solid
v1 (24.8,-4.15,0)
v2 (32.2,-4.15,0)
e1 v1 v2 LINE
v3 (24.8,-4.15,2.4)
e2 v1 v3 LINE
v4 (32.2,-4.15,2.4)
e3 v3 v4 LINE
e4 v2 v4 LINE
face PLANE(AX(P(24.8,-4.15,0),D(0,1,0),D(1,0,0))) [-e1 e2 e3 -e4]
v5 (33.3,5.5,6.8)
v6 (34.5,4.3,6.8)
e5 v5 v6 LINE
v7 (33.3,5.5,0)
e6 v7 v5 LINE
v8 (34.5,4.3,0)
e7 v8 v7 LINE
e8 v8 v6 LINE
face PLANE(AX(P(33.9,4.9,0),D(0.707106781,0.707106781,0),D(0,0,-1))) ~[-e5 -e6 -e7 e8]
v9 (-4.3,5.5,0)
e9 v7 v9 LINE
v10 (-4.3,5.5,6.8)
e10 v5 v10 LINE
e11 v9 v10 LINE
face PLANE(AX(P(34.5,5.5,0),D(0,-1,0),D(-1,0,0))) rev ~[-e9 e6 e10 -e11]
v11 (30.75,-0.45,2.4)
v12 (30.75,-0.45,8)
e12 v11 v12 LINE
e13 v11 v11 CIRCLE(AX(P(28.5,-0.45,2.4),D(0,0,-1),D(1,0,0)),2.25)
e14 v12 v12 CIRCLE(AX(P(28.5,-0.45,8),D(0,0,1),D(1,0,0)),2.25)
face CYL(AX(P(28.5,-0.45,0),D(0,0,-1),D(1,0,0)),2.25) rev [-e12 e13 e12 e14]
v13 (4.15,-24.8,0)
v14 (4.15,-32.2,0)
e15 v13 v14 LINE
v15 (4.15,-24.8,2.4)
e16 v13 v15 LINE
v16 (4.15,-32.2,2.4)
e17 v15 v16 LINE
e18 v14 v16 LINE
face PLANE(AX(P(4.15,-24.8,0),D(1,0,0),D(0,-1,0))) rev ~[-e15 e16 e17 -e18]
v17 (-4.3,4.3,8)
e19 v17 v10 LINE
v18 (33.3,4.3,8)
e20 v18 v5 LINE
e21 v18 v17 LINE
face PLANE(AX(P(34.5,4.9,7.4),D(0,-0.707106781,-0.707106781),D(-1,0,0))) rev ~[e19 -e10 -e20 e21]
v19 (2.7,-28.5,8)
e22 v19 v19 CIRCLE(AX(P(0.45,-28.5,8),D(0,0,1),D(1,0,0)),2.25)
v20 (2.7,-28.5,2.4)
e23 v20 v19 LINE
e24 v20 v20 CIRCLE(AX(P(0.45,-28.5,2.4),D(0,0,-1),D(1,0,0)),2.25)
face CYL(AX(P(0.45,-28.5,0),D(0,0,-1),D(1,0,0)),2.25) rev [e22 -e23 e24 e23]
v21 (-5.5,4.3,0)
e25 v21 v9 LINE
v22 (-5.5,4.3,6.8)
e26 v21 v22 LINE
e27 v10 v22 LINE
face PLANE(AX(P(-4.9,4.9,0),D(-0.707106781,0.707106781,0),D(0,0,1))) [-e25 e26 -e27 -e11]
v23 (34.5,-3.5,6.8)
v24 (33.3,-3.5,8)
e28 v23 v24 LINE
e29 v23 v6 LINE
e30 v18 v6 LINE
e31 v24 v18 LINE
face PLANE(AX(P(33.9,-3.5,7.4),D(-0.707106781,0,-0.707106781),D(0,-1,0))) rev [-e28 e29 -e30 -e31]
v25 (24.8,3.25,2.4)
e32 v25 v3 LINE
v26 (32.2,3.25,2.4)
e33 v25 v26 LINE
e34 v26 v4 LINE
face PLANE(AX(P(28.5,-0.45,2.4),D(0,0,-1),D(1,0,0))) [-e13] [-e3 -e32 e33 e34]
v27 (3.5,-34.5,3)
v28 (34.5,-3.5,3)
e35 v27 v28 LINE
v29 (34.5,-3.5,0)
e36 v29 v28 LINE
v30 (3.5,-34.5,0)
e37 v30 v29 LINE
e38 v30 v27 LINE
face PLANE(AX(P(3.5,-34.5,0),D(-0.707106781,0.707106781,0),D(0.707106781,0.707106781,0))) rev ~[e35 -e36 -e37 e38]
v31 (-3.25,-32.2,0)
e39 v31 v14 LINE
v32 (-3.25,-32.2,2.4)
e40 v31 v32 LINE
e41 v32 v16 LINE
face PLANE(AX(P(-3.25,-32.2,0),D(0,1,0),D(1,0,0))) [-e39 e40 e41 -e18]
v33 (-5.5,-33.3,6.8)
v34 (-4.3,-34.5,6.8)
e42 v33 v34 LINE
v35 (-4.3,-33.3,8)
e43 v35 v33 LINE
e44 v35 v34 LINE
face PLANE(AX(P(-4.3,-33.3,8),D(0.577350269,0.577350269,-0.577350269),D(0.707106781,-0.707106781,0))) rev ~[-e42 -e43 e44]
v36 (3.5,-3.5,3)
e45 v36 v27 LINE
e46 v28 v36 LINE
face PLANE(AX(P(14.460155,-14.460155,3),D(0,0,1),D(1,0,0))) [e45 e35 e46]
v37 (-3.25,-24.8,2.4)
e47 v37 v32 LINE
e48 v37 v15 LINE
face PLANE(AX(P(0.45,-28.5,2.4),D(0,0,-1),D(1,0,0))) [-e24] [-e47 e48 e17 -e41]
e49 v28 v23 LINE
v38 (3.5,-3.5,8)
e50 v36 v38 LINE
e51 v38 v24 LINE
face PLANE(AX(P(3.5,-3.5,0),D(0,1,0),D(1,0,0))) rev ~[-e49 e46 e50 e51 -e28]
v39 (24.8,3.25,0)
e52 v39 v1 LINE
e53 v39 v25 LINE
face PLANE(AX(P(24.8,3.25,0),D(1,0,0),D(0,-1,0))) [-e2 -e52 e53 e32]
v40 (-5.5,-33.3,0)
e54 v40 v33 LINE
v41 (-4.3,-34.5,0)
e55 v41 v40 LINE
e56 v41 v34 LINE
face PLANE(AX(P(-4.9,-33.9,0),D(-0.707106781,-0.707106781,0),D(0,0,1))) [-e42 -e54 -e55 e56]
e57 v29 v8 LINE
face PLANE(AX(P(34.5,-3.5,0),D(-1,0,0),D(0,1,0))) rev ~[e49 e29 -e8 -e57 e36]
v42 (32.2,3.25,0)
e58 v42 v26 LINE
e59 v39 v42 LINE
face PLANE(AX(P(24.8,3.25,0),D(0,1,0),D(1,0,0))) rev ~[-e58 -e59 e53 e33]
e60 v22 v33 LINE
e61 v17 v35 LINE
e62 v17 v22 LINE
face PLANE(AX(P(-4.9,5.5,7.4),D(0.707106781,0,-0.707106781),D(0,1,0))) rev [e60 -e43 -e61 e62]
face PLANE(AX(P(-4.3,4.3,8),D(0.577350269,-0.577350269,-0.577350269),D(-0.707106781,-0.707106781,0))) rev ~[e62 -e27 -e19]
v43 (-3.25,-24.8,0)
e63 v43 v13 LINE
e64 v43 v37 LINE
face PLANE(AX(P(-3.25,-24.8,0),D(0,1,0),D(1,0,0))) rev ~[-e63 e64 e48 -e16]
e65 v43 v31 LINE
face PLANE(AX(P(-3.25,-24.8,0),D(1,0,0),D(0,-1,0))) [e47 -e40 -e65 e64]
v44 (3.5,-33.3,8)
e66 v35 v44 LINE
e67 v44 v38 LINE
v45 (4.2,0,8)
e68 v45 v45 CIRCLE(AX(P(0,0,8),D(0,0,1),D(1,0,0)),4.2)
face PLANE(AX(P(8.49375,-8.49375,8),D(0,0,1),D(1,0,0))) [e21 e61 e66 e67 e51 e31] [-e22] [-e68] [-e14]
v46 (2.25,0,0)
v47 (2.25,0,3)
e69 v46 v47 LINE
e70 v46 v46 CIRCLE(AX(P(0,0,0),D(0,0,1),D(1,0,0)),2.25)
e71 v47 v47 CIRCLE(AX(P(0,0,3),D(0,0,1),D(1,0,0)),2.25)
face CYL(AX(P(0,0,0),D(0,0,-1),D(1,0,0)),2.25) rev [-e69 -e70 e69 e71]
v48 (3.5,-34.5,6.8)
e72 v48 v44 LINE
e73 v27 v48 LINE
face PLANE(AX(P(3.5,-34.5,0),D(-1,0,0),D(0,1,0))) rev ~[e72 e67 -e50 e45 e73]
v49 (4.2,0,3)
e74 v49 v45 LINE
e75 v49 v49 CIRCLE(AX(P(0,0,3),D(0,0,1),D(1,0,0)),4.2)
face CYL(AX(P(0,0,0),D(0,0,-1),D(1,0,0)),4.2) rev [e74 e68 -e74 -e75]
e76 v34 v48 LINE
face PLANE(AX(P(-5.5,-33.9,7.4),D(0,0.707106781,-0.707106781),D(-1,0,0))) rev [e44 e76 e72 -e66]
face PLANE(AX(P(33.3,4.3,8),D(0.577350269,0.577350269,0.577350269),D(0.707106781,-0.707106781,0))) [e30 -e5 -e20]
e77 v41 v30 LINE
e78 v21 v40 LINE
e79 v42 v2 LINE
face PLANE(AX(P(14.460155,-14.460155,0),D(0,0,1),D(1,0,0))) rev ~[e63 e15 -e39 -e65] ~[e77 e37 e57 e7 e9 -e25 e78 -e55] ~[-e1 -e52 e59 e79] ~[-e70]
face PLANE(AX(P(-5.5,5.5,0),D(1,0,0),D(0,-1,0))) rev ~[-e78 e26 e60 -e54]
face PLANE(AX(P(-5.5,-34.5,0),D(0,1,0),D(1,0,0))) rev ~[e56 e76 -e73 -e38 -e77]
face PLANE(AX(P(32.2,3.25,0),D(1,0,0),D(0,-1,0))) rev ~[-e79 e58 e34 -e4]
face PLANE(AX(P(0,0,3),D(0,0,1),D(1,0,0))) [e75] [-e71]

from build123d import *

# Parameters (mm, degrees)
F0_R     = 2.25
F0_R_2   = 4.2
F1_DEPTH = 8
F2_DEPTH = 3
F3_W     = 7.4
F3_H     = 7.4
F3_R     = 2.25
F4_DEPTH = 2.4
F5_SIZE  = 1.2


with BuildPart() as f1:
    # F0 (on Top) → F1 (new body)
    with BuildSketch(Plane.XY):
        Polygon((34.5, 5.5), (-5.5, 5.5), (-5.5, -34.5), (3.5, -34.5), (3.5, -3.5), (34.5, -3.5), align=None)
        with Locations((0.45, -28.5)):
            Circle(F0_R, mode=Mode.SUBTRACT)
        Circle(F0_R_2, mode=Mode.SUBTRACT)
        with Locations((28.5, -0.45)):
            Circle(F0_R, mode=Mode.SUBTRACT)
    extrude(amount=F1_DEPTH)

    # F0 (on Top) → F2 (join)
    with BuildSketch(Plane.XY):
        Polygon((3.5, -34.5), (34.5, -3.5), (3.5, -3.5), align=None)
        Circle(F0_R_2)
        Circle(F0_R, mode=Mode.SUBTRACT)
    extrude(amount=F2_DEPTH)

    # F3 (on face) → F4 (cut)
    with BuildSketch(Plane(origin=(0, 0, 0), x_dir=(1, 0, 0), z_dir=(0, 0, -1))):
        with Locations((0.45, 28.5)):
            Rectangle(F3_W, F3_H)
        with Locations((0.45, 28.5)):
            Circle(F3_R, mode=Mode.SUBTRACT)
        with Locations((28.5, 0.45)):
            Rectangle(F3_W, F3_H)
        with Locations((28.5, 0.45)):
            Circle(F3_R, mode=Mode.SUBTRACT)
    extrude(amount=-F4_DEPTH, mode=Mode.SUBTRACT)

    # F5
    f5_edges = [f1.edges().sort_by_distance(p)[0] for p in [
        (-5.5, 5.5, 4),
        (-5.5, -34.5, 4),
        (34.5, 5.5, 4),
        (14.5, 5.5, 8),
        (-5.5, -14.5, 8),
        (-1, -34.5, 8),
        (34.5, 1, 8),
    ]]
    chamfer(f5_edges, length=F5_SIZE)


solid = f1.part
